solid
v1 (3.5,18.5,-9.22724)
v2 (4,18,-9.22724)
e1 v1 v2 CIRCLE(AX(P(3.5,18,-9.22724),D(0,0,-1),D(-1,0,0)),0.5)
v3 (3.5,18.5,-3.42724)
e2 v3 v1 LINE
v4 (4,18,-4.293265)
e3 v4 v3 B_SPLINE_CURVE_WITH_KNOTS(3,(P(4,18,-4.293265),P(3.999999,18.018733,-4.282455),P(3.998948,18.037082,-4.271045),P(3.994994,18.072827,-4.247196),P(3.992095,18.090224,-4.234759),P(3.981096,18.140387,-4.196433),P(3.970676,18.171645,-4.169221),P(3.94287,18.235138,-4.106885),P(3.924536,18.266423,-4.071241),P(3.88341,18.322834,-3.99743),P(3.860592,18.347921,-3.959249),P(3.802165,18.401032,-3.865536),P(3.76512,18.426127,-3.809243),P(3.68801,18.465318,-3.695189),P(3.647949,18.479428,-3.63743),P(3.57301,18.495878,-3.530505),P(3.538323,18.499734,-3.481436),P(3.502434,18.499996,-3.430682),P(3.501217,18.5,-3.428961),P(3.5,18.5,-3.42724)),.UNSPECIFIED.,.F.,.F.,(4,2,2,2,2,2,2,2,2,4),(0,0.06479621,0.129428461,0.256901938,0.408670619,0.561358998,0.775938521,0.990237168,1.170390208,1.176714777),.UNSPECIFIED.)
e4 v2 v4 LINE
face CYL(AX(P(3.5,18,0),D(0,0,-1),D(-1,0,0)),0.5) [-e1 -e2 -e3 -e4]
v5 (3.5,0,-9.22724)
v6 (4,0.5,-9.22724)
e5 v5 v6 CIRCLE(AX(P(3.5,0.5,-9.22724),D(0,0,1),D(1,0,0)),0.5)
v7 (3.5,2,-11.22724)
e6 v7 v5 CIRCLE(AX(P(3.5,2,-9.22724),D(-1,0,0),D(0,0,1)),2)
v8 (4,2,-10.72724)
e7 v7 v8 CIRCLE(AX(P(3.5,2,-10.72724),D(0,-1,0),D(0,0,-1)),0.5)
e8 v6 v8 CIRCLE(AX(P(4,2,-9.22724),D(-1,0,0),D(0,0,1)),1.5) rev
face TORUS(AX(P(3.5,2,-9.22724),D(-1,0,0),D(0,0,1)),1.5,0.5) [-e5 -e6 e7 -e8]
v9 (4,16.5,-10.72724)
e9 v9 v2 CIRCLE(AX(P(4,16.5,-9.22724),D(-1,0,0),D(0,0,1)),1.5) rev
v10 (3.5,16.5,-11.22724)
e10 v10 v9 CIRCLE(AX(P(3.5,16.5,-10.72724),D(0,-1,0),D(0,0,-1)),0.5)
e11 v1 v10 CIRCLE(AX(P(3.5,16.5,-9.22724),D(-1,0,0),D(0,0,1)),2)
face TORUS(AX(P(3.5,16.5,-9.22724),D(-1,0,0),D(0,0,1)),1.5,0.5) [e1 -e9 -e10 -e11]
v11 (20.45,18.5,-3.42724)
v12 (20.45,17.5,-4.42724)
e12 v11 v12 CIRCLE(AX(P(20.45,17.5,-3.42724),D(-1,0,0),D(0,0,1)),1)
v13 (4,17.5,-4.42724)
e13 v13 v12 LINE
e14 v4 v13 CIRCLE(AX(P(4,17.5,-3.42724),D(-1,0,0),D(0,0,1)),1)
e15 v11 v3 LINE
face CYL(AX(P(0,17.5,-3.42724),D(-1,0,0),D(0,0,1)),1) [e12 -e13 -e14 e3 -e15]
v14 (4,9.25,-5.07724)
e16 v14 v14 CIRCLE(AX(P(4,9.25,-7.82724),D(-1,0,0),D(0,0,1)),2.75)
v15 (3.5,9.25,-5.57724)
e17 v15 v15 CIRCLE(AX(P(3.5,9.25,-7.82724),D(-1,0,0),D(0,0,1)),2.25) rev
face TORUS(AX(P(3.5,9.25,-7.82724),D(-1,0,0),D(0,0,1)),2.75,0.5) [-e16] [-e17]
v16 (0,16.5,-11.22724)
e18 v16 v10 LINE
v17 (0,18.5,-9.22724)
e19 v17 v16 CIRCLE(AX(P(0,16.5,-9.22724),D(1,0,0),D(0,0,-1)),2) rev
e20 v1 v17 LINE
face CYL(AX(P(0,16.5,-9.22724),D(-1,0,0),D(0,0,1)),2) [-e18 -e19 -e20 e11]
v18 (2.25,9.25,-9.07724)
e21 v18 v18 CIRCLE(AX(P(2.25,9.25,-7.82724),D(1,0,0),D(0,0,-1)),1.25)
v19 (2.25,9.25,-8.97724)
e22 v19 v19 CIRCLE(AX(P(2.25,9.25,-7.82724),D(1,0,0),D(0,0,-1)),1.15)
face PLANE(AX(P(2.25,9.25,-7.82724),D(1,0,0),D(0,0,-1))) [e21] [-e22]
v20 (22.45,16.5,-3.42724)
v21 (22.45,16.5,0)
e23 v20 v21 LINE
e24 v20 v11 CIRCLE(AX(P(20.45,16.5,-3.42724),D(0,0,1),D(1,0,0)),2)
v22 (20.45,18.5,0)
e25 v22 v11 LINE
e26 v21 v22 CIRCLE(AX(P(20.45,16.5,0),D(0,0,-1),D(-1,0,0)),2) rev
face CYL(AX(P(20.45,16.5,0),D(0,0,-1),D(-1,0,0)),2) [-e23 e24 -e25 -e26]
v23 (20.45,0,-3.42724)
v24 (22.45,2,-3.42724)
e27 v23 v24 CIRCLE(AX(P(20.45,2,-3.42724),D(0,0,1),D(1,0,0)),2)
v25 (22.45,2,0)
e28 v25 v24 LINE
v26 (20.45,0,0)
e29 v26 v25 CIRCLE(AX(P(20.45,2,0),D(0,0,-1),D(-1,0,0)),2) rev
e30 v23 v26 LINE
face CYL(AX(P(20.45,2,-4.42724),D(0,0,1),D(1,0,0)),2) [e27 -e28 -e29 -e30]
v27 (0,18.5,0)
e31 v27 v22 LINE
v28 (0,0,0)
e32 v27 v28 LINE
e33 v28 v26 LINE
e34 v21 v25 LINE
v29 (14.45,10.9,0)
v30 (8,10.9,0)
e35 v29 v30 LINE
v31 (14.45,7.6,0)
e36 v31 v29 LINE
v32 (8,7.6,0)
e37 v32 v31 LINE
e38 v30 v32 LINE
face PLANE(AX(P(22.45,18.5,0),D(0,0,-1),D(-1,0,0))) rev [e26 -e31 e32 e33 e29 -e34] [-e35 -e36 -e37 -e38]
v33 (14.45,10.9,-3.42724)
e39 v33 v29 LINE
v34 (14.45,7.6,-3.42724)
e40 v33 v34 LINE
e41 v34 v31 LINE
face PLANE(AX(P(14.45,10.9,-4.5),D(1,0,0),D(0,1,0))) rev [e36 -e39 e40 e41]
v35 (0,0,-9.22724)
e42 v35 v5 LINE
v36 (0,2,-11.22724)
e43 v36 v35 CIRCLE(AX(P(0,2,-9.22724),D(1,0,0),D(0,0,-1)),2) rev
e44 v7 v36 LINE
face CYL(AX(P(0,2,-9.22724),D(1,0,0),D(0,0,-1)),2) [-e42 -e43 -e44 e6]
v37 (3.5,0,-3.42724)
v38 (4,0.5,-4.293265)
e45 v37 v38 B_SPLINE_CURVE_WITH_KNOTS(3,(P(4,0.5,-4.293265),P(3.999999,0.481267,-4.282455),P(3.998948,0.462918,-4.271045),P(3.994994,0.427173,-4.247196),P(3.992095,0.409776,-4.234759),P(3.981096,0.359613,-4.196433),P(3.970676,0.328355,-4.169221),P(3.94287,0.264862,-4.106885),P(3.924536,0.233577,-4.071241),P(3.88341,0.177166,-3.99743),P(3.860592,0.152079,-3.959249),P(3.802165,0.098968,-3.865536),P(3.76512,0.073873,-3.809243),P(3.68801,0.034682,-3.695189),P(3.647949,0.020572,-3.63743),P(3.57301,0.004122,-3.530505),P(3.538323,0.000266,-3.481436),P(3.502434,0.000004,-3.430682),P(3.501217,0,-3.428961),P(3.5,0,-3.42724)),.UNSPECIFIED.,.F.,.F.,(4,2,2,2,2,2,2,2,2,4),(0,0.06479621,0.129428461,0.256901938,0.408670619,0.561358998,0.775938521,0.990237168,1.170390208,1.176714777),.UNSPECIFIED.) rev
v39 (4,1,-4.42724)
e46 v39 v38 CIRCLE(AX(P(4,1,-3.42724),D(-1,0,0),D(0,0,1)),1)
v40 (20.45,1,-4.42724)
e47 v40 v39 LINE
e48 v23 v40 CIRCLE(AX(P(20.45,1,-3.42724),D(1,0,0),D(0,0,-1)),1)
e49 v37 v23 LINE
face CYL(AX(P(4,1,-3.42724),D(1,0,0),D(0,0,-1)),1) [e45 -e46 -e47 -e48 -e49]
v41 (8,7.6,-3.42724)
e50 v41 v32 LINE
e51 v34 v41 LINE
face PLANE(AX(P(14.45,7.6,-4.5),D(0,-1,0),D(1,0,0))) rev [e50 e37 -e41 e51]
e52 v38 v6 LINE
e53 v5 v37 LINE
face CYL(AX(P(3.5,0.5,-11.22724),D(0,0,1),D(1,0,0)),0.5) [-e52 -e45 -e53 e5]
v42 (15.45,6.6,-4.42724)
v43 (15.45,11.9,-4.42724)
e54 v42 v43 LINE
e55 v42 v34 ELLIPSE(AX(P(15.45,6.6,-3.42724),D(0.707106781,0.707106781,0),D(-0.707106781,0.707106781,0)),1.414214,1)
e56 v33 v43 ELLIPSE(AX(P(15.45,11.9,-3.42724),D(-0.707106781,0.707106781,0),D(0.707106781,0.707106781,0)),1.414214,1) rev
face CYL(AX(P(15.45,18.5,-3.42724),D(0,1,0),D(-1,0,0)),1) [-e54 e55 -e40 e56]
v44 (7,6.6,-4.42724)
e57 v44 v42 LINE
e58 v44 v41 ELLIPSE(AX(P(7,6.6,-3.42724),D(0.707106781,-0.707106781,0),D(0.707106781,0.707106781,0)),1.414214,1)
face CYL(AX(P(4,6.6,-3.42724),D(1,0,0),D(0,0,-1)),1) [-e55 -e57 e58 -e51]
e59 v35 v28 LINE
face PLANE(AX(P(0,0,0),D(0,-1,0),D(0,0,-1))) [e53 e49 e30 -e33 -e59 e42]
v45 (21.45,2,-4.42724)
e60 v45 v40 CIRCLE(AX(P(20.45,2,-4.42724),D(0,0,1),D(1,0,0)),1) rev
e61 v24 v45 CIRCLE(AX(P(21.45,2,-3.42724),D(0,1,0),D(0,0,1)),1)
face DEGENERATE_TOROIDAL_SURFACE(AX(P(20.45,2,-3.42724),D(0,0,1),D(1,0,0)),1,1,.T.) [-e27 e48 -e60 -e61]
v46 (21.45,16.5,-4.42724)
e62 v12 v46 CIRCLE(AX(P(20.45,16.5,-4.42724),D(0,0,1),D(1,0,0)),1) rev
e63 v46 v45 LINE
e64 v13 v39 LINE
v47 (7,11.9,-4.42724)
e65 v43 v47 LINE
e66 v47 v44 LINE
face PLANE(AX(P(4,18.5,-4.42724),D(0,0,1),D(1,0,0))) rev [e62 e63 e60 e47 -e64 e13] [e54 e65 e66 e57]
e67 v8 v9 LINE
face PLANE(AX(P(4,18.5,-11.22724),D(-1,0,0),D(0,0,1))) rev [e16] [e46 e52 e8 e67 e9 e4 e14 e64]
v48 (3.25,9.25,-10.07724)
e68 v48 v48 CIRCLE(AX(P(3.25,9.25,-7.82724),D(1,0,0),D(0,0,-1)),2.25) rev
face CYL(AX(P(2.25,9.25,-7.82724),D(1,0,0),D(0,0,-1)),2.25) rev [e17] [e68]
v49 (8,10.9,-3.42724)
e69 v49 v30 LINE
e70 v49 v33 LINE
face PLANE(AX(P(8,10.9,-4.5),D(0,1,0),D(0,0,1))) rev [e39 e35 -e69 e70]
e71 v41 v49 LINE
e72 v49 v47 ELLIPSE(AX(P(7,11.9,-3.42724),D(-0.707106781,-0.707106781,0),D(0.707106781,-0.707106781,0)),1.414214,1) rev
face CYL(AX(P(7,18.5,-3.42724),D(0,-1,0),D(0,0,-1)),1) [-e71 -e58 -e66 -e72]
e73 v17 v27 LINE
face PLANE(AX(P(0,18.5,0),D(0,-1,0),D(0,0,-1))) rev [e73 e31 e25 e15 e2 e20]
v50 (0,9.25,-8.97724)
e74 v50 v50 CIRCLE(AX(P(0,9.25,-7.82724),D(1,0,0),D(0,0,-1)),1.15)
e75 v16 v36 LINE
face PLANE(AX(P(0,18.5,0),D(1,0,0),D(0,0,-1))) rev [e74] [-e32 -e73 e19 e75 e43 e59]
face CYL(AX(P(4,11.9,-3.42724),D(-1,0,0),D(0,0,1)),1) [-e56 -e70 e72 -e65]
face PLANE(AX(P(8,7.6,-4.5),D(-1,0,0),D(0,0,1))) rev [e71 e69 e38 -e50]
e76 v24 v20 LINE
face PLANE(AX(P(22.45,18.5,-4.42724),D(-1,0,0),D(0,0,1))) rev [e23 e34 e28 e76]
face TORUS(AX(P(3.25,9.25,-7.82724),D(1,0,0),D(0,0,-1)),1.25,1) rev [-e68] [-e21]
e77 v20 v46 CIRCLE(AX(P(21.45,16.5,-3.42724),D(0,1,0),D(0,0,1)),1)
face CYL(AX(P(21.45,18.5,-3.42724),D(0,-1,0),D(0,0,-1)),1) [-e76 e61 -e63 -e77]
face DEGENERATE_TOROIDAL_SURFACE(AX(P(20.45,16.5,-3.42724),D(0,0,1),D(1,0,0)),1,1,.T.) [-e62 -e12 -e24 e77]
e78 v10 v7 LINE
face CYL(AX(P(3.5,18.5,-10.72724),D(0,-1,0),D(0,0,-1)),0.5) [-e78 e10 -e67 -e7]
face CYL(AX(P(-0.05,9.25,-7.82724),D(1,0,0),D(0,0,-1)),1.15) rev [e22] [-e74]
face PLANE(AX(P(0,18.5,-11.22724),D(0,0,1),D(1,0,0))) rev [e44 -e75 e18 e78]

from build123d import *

# Parameters (mm, degrees)
BOSS_EXTRUDE1_DEPTH = 18.5
SKETCH2_W           = 6.45
SKETCH2_H           = 3.3
CUT_EXTRUDE1_DEPTH  = 4.5
SKETCH3_R           = 2.25
CUT_EXTRUDE2_DEPTH  = 1.75
SKETCH4_R           = 1.15
CUT_EXTRUDE3_DEPTH  = 2.3
FILLET3_R           = 2
FILLET4_R           = 2
FILLET5_R           = 2
FILLET6_R           = 2
FILLET7_R           = 1
FILLET8_R           = 0.5
FILLET9_R           = 1
FILLET10_R          = 1
FILLET12_R          = 0.5


with BuildPart() as part:
    # Sketch1 → Boss-Extrude1 (new body)
    with BuildSketch(Plane(origin=(0, 0, 0), x_dir=(1, 0, 0), z_dir=(0, 1, 0))):
        Polygon((0, 0), (0, 11.227239651), (4, 11.227239651), (4, 4.427239651), (22.45, 4.427239651), (22.45, 0), align=None)
    extrude(amount=BOSS_EXTRUDE1_DEPTH)

    # Sketch2 → Cut-Extrude1 (cut)
    with BuildSketch(Plane.XY):
        with Locations((11.225, 9.25)):
            Rectangle(SKETCH2_W, SKETCH2_H)
    extrude(amount=-CUT_EXTRUDE1_DEPTH, mode=Mode.SUBTRACT)

    # Sketch3 → Cut-Extrude2 (cut)
    with BuildSketch(Plane(origin=(4, 0, 0), x_dir=(0, 0, -1), z_dir=(1, 0, 0))):
        with Locations((7.827239651, 9.25)):
            Circle(SKETCH3_R)
    extrude(amount=-CUT_EXTRUDE2_DEPTH, mode=Mode.SUBTRACT)

    # Sketch4 → Cut-Extrude3 (cut)
    with BuildSketch(Plane(origin=(2.25, 0, 0), x_dir=(0, 0, -1), z_dir=(1, 0, 0))):
        with Locations((7.827239651, 9.25)):
            Circle(SKETCH4_R)
    extrude(amount=-CUT_EXTRUDE3_DEPTH, mode=Mode.SUBTRACT)

    # Fillet3
    fillet3_edges = [part.edges().sort_by_distance(p)[0] for p in [
        (2, 18.5, -11.227239651),
    ]]
    fillet(fillet3_edges, radius=FILLET3_R)

    # Fillet4
    fillet4_edges = [part.edges().sort_by_distance(p)[0] for p in [
        (2, 0, -11.227239651),
    ]]
    fillet(fillet4_edges, radius=FILLET4_R)

    # Fillet5
    fillet5_edges = [part.edges().sort_by_distance(p)[0] for p in [
        (22.45, 0, -2.213619825),
    ]]
    fillet(fillet5_edges, radius=FILLET5_R)

    # Fillet6
    fillet6_edges = [part.edges().sort_by_distance(p)[0] for p in [
        (22.45, 18.5, -2.213619825),
    ]]
    fillet(fillet6_edges, radius=FILLET6_R)

    # Fillet7
    fillet7_edges = [part.edges().sort_by_distance(p)[0] for p in [
        (11.225, 10.9, -4.427239651),
        (8, 9.25, -4.427239651),
        (11.225, 7.6, -4.427239651),
        (14.45, 9.25, -4.427239651),
    ]]
    fillet(fillet7_edges, radius=FILLET7_R)

    # Fillet8
    fillet8_edges = [part.edges().sort_by_distance(p)[0] for p in [
        (4, 9.25, -5.577239651),
    ]]
    fillet(fillet8_edges, radius=FILLET8_R)

    # Fillet9
    fillet9_edges = [part.edges().sort_by_distance(p)[0] for p in [
        (2.25, 9.25, -5.577239651),
    ]]
    fillet(fillet9_edges, radius=FILLET9_R)

    # Fillet10
    fillet10_edges = [part.edges().sort_by_distance(p)[0] for p in [
        (12.225, 0, -4.427239651),
        (21.864213562, 0.585786438, -4.427239651),
        (12.225, 18.5, -4.427239651),
        (22.45, 9.25, -4.427239651),
        (21.864213562, 17.914213562, -4.427239651),
    ]]
    fillet(fillet10_edges, radius=FILLET10_R)

    # Fillet12
    fillet12_edges = [part.edges().sort_by_distance(p)[0] for p in [
        (4, 18.5, -6.827239651),
        (4, 9.25, -11.227239651),
        (4, 17.914213562, -10.641453213),
        (4, 0.585786438, -10.641453213),
        (4, 0, -6.827239651),
    ]]
    fillet(fillet12_edges, radius=FILLET12_R)


solid = part.part
